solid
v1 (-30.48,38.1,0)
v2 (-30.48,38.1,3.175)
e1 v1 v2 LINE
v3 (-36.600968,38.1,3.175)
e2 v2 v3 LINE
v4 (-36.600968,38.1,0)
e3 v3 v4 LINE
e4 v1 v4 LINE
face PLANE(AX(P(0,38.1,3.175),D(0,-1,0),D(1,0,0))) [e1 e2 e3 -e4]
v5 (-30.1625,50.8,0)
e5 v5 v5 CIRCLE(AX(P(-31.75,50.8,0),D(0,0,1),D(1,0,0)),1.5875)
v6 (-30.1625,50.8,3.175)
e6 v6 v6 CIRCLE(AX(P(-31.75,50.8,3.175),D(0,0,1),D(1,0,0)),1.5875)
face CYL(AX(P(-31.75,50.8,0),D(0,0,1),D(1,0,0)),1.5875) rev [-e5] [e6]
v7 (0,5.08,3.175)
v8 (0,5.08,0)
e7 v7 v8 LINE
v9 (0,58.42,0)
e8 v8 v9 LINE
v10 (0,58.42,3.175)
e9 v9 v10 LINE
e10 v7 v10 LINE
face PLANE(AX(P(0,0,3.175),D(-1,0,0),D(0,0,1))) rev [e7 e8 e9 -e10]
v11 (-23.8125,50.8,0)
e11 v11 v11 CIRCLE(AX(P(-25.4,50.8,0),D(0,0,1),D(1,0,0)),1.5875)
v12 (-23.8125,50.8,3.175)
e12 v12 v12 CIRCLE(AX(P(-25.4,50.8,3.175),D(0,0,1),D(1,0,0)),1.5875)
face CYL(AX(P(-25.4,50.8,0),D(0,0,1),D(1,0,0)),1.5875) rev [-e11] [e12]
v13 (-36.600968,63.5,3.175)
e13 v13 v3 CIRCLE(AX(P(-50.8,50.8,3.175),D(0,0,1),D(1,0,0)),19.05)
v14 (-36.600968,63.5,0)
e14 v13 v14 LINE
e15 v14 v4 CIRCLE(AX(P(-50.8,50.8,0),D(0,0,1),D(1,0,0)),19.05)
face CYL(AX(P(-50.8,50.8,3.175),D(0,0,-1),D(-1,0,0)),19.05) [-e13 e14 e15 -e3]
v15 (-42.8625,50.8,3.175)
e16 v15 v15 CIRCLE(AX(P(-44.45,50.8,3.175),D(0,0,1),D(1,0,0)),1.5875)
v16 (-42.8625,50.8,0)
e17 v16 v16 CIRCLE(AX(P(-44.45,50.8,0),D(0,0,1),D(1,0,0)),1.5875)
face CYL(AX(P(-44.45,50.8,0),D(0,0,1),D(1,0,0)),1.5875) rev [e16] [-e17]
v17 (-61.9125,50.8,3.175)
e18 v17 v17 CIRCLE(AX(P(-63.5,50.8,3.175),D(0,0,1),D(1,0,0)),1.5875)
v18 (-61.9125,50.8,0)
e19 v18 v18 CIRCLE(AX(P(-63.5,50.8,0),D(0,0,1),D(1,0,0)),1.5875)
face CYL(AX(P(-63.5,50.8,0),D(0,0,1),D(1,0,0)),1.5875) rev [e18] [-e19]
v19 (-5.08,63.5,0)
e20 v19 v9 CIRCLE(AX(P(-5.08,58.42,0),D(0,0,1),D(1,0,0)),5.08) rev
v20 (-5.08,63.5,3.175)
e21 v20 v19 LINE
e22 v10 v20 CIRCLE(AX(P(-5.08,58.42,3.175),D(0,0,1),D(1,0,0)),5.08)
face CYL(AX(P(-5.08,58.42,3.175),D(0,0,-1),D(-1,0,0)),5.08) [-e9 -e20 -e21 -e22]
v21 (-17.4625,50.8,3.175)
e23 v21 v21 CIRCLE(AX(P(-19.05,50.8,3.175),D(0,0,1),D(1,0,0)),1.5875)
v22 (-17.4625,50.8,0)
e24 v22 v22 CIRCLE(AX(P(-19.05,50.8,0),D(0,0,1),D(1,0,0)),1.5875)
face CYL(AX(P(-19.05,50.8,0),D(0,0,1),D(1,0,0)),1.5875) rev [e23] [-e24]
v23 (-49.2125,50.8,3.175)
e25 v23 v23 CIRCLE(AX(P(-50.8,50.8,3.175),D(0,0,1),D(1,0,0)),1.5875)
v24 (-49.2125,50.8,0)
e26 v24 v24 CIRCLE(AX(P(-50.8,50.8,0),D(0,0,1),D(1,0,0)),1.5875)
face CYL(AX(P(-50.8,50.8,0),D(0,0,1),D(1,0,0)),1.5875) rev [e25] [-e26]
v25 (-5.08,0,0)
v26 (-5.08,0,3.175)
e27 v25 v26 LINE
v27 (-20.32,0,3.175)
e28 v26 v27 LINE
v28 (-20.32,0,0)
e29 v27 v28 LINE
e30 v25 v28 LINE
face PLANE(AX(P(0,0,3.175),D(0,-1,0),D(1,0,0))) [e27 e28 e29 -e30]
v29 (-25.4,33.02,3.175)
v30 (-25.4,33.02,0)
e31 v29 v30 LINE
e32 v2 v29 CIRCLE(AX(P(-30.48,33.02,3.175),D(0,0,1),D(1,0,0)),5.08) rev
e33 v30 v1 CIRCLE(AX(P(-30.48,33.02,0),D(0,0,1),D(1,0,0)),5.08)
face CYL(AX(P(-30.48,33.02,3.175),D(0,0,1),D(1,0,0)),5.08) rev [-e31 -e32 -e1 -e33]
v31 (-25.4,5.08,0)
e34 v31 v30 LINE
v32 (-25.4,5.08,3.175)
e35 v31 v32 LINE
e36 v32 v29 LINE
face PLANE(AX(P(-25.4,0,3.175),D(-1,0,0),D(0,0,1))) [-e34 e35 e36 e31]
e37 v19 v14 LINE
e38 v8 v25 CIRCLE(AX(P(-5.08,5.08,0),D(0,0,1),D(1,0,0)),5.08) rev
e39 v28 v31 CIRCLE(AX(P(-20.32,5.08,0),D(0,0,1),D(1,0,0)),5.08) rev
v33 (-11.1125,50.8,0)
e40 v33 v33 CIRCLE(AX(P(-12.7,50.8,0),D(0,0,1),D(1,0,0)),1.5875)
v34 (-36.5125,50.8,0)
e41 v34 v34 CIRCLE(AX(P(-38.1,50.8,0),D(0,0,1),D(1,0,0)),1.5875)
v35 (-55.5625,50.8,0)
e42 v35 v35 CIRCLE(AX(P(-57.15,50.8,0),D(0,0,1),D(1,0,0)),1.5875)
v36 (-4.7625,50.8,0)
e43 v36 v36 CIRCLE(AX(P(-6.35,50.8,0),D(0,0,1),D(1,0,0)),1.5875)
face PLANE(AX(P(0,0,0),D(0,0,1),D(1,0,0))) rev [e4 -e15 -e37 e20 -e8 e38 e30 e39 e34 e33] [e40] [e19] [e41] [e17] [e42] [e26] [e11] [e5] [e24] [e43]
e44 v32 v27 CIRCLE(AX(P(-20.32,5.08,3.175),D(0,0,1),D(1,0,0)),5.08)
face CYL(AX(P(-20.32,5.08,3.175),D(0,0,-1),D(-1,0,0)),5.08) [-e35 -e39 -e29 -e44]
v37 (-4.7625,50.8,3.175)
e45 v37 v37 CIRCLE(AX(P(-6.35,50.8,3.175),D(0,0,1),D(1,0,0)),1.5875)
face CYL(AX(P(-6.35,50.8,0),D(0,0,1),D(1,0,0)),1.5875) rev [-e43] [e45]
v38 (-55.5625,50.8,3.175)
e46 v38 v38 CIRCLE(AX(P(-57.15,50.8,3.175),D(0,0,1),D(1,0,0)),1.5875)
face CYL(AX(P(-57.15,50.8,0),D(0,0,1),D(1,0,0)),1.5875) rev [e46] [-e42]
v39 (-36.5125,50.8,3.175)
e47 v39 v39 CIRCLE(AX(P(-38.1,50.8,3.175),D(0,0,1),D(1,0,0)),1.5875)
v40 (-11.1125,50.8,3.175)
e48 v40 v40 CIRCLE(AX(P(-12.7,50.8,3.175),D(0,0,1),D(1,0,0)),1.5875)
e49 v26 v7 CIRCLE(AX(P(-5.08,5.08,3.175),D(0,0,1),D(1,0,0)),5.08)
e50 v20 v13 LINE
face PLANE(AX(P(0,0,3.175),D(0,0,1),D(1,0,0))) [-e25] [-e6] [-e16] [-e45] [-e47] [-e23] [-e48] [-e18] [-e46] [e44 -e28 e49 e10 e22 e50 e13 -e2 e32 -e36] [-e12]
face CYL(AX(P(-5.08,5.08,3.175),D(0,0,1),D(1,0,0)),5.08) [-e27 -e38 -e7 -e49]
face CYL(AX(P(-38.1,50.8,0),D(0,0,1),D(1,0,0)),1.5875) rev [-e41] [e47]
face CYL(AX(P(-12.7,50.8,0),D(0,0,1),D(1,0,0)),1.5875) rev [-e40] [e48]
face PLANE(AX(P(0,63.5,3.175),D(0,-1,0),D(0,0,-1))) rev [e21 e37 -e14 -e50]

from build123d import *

# Parameters (mm, degrees)
SKETCH1_W           = 25.4
SKETCH1_H           = 63.5
BOSS_EXTRUDE1_DEPTH = 3.175
FILLET1_R           = 5.08
SKETCH2_R           = 1.5875
CUT_EXTRUDE1_DEPTH  = 3.175


with BuildPart() as part:
    # Sketch1 → Boss-Extrude1 (new body)
    with BuildSketch(Plane.XY):
        with BuildLine():
            ThreePointArc((-36.600968343, 63.5), (-69.85, 50.8), (-36.600968343, 38.1))
            Line((-36.600968343, 38.1), (-50.8, 38.1))
            Line((-50.8, 38.1), (-50.8, 63.5))
            Line((-50.8, 63.5), (-36.600968343, 63.5))
        make_face()
        with BuildLine():
            Line((-50.8, 38.1), (-36.600968343, 38.1))
            ThreePointArc((-36.600968343, 38.1), (-33.004016562, 44.00253919), (-31.75, 50.8))
            ThreePointArc((-31.75, 50.8), (-33.004016562, 57.59746081), (-36.600968343, 63.5))
            Line((-36.600968343, 63.5), (-50.8, 63.5))
            Line((-50.8, 63.5), (-50.8, 38.1))
        make_face()
        with BuildLine():
            Line((-36.600968343, 38.1), (-25.4, 38.1))
            Line((-25.4, 38.1), (-25.4, 63.5))
            Line((-25.4, 63.5), (-36.600968343, 63.5))
            ThreePointArc((-36.600968343, 63.5), (-33.004016562, 57.59746081), (-31.75, 50.8))
            ThreePointArc((-31.75, 50.8), (-33.004016562, 44.00253919), (-36.600968343, 38.1))
        make_face()
        with Locations((-12.7, 31.75)):
            Rectangle(SKETCH1_W, SKETCH1_H)
    extrude(amount=BOSS_EXTRUDE1_DEPTH)

    # Fillet1
    fillet1_edges = [part.edges().sort_by_distance(p)[0] for p in [
        (0, 63.5, 1.5875),
        (0, 0, 1.5875),
        (-25.4, 0, 1.5875),
        (-25.4, 38.1, 1.5875),
    ]]
    fillet(fillet1_edges, radius=FILLET1_R)

    # Sketch2 → Cut-Extrude1 (cut)
    with BuildSketch(Plane.XY.offset(3.175)):
        with Locations((-6.35, 50.8)):
            Circle(SKETCH2_R)
        with Locations((-12.7, 50.8)):
            Circle(SKETCH2_R)
        with Locations((-19.05, 50.8)):
            Circle(SKETCH2_R)
        with Locations((-25.4, 50.8)):
            Circle(SKETCH2_R)
        with Locations((-31.75, 50.8)):
            Circle(SKETCH2_R)
        with Locations((-38.1, 50.8)):
            Circle(SKETCH2_R)
        with Locations((-44.45, 50.8)):
            Circle(SKETCH2_R)
        with Locations((-50.8, 50.8)):
            Circle(SKETCH2_R)
        with Locations((-57.15, 50.8)):
            Circle(SKETCH2_R)
        with Locations((-63.5, 50.8)):
            Circle(SKETCH2_R)
    extrude(amount=-CUT_EXTRUDE1_DEPTH, mode=Mode.SUBTRACT)


solid = part.part
